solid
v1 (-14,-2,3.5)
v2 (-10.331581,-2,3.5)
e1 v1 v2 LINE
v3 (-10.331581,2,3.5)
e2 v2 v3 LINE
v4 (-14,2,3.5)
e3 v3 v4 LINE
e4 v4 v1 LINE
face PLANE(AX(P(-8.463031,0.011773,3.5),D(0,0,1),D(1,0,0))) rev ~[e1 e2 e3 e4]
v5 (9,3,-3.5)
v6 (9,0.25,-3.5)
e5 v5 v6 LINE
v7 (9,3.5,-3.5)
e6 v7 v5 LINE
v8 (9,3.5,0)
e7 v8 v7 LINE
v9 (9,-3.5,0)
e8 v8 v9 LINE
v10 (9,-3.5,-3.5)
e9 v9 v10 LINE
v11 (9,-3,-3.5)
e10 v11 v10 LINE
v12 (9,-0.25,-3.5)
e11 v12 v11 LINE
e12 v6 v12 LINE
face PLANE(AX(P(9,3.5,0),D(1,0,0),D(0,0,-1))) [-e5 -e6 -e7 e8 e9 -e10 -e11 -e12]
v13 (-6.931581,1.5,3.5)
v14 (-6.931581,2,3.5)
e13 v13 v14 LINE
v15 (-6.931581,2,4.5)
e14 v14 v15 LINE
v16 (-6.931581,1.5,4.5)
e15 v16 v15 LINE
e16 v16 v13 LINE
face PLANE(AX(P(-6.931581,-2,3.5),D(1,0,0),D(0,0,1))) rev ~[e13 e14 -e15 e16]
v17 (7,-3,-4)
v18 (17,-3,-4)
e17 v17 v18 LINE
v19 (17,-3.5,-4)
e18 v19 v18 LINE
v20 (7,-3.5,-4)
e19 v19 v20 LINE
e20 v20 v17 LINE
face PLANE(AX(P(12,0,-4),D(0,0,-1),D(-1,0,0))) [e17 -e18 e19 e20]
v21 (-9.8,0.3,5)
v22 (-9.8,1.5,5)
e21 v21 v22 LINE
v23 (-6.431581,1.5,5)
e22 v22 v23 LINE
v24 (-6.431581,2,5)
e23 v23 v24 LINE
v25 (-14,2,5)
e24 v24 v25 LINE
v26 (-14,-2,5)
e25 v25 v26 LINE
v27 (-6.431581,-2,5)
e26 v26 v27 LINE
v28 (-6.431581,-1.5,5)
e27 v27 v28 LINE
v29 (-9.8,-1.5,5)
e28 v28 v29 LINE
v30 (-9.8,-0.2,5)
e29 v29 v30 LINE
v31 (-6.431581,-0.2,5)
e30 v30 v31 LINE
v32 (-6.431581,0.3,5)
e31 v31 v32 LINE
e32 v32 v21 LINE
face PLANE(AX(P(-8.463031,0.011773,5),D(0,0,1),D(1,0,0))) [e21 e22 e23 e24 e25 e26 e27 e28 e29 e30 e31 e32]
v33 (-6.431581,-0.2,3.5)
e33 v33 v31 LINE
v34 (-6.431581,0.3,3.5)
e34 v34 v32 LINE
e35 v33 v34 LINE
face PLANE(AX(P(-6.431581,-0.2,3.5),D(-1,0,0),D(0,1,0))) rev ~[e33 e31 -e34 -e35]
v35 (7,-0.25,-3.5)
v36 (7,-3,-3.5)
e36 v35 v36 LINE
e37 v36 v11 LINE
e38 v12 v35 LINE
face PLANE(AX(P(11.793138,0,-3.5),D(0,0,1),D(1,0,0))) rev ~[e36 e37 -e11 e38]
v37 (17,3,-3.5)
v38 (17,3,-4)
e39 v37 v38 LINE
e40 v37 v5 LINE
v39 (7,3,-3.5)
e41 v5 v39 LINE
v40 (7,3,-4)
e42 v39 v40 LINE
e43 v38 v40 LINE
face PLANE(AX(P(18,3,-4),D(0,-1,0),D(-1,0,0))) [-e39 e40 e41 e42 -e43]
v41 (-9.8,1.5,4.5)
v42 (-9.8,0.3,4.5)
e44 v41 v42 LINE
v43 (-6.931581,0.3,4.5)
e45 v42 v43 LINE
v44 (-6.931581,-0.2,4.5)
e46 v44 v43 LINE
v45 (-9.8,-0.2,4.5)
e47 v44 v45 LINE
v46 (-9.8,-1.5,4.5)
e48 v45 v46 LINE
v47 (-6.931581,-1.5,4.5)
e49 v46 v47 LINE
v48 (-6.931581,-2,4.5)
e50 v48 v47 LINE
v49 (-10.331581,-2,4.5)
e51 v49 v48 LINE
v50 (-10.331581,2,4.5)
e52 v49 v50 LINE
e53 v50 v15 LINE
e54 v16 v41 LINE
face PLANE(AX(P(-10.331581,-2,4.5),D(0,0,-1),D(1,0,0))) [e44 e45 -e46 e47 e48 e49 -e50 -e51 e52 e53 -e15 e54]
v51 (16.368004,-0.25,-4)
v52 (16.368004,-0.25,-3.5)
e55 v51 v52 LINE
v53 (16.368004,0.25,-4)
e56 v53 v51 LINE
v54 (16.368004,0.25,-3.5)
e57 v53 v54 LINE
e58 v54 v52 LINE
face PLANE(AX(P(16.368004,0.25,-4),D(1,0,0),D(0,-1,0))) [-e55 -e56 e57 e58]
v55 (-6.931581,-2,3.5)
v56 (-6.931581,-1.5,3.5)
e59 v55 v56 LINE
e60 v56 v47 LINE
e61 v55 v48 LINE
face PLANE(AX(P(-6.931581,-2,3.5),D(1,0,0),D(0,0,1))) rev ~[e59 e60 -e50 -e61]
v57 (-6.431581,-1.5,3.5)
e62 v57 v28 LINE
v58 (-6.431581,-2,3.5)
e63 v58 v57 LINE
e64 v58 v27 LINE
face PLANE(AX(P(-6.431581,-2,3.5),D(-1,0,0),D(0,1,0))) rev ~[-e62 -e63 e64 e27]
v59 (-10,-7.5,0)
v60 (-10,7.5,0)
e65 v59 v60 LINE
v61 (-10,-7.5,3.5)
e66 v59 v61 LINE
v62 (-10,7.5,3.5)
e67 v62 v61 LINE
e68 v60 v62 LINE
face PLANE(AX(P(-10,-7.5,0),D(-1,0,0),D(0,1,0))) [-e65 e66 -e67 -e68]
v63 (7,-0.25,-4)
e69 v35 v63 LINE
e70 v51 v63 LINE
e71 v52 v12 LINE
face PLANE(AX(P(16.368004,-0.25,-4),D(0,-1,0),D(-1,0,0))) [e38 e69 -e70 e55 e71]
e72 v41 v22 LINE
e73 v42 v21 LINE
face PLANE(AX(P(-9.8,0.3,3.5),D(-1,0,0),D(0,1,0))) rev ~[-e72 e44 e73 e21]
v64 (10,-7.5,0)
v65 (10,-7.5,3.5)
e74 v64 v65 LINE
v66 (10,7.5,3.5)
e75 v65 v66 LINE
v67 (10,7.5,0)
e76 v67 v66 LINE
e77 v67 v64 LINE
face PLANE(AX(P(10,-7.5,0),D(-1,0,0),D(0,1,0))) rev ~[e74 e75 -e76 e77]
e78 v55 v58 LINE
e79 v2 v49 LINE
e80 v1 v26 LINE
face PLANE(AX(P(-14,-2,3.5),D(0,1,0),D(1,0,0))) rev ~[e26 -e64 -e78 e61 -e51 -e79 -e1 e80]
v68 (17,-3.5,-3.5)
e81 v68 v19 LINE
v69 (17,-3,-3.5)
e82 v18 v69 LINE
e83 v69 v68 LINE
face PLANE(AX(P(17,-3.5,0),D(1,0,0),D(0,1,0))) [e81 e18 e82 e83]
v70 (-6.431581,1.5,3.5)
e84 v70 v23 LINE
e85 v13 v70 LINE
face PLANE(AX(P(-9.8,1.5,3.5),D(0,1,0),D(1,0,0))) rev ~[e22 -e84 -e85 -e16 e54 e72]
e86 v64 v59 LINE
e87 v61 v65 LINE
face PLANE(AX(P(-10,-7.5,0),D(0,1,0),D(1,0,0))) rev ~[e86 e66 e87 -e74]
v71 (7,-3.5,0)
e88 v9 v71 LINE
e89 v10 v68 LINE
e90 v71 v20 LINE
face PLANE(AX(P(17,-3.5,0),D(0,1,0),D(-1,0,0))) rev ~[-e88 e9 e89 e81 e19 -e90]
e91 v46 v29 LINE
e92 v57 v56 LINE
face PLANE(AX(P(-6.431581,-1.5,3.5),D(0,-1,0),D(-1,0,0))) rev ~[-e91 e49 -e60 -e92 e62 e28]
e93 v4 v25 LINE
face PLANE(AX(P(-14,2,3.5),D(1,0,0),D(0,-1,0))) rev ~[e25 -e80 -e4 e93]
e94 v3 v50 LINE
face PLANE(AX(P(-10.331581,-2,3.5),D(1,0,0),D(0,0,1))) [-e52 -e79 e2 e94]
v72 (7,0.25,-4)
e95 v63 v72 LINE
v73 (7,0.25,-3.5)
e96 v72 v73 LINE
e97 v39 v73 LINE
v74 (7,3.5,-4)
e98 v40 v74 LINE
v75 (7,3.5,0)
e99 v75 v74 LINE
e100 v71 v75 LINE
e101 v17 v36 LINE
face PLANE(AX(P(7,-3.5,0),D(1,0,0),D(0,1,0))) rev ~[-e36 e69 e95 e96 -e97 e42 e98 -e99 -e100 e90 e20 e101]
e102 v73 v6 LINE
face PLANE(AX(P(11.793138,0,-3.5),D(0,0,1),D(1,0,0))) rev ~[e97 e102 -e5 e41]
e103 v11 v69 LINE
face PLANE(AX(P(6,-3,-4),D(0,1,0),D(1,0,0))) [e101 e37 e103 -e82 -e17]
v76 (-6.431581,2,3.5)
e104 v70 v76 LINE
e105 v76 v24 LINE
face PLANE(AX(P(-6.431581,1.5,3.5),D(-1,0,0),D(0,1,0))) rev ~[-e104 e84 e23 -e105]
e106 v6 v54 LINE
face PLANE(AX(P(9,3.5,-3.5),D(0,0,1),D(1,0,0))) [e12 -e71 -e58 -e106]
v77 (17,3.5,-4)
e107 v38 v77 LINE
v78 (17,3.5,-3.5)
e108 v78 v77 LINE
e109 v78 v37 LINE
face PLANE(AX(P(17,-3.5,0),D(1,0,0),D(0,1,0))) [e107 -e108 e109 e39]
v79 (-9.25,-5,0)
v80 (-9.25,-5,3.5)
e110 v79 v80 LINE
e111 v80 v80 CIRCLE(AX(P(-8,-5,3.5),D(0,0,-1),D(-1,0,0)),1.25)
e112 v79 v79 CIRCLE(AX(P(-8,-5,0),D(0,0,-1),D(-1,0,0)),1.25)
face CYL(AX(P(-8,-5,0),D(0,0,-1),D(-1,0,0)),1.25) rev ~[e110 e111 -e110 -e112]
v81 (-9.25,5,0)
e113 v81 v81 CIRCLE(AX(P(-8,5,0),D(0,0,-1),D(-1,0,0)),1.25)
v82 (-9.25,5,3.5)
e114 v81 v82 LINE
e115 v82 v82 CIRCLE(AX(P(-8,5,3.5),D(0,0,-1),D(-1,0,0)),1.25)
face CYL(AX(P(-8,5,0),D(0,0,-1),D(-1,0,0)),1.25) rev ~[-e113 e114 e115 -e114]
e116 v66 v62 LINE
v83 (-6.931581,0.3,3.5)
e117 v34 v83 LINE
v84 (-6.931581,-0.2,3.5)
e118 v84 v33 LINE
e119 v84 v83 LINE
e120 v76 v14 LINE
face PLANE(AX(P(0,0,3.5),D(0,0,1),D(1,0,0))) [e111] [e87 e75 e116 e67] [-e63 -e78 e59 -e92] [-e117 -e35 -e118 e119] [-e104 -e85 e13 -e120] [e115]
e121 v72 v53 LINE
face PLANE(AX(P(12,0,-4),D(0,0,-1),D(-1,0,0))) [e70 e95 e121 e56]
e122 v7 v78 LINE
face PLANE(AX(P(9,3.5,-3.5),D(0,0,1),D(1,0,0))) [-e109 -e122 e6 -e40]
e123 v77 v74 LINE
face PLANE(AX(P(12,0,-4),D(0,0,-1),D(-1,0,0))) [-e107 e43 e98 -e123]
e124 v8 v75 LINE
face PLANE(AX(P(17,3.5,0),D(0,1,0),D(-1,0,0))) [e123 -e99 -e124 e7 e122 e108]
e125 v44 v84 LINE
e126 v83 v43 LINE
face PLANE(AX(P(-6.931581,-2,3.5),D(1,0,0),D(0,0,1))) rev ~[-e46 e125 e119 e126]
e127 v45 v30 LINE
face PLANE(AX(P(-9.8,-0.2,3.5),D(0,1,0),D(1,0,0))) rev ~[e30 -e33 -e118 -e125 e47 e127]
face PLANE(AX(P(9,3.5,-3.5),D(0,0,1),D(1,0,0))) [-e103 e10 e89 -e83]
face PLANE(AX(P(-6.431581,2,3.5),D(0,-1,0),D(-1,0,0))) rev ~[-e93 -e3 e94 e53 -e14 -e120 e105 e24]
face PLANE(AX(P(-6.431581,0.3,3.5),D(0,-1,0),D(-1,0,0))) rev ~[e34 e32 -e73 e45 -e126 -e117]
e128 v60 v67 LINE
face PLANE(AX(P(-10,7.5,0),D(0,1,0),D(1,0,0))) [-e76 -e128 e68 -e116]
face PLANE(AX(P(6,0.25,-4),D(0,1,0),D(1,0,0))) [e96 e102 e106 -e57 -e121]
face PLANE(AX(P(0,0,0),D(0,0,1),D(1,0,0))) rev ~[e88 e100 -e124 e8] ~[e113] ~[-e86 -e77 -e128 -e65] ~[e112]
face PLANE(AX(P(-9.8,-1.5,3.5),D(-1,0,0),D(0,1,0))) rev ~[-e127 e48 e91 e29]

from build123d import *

# Parameters (mm, degrees)
SKETCH1_W           = 20
SKETCH1_H           = 15
BOSS_EXTRUDE1_DEPTH = 3.5
BOSS_EXTRUDE8_DEPTH = 1.5
SKETCH3_W           = 3.4
SKETCH3_H           = 1
CUT_EXTRUDE1_DEPTH  = 18.642278764
SKETCH7_R           = 1.25
CUT_EXTRUDE4_DEPTH  = 17.650825805
SKETCH8_W           = 10
SKETCH8_H           = 7
BOSS_EXTRUDE9_DEPTH = 4
CUT_EXTRUDE5_DEPTH  = 0.5
SKETCH10_W          = 8
SKETCH10_H          = 3.5
CUT_EXTRUDE6_DEPTH  = 21.856653615


with BuildPart() as part:
    # Sketch1 → Boss-Extrude1 (new body)
    with BuildSketch(Plane.XY):
        Rectangle(SKETCH1_W, SKETCH1_H)
    extrude(amount=BOSS_EXTRUDE1_DEPTH)

    # Sketch2 → Boss-Extrude8 (add)
    with BuildSketch(Plane.XY.offset(3.5)):
        Polygon((-6.431580724, 2), (-10, 2), (-10, 1.5), (-10, 0.3), (-10, -2), (-6.431580724, -2), (-6.431580724, -1.5), (-9.8, -1.5), (-9.8, -0.2), (-6.431580724, -0.2), (-6.431580724, 0.3), (-9.8, 0.3), (-9.8, 1.5), (-6.431580724, 1.5), align=None)
        Polygon((-10, 1.5), (-10, 2), (-14, 2), (-14, -2), (-10, -2), (-10, 0.3), align=None)
    extrude(amount=BOSS_EXTRUDE8_DEPTH)

    # Sketch3 → Cut-Extrude1 (cut, through all)
    with BuildSketch(Plane.XZ.offset(2)):
        with Locations((-8.631580724, 4)):
            Rectangle(SKETCH3_W, SKETCH3_H)
    extrude(amount=-CUT_EXTRUDE1_DEPTH, mode=Mode.SUBTRACT)

    # Sketch7 → Cut-Extrude4 (cut, through all)
    with BuildSketch(Plane(origin=(0, 0, 0), x_dir=(-1, 0, 0), z_dir=(0, 0, -1))):
        with Locations((8, -5)):
            Circle(SKETCH7_R)
        with Locations((8, 5)):
            Circle(SKETCH7_R)
    extrude(amount=-CUT_EXTRUDE4_DEPTH, mode=Mode.SUBTRACT)

    # Sketch8 → Boss-Extrude9 (add)
    with BuildSketch(Plane(origin=(0, 0, 0), x_dir=(-1, 0, 0), z_dir=(0, 0, -1))):
        with Locations((-12, 0)):
            Rectangle(SKETCH8_W, SKETCH8_H)
    extrude(amount=BOSS_EXTRUDE9_DEPTH)

    # Sketch9 → Cut-Extrude5 (cut)
    with BuildSketch(Plane(origin=(0, 0, -4), x_dir=(-1, 0, 0), z_dir=(0, 0, -1))):
        Polygon((-6, -3), (-18, -3), (-18, 3), (-6, 3), (-6, 0.25), (-16.368004225, 0.25), (-16.368004225, -0.25), (-6, -0.25), align=None)
    extrude(amount=-CUT_EXTRUDE5_DEPTH, mode=Mode.SUBTRACT)

    # Sketch10 → Cut-Extrude6 (cut, through all)
    with BuildSketch(Plane(origin=(0, 3.5, 0), x_dir=(1, 0, 0), z_dir=(0, 1, 0))):
        with Locations((13, 1.75)):
            Rectangle(SKETCH10_W, SKETCH10_H)
    extrude(amount=-CUT_EXTRUDE6_DEPTH, mode=Mode.SUBTRACT)


solid = part.part
